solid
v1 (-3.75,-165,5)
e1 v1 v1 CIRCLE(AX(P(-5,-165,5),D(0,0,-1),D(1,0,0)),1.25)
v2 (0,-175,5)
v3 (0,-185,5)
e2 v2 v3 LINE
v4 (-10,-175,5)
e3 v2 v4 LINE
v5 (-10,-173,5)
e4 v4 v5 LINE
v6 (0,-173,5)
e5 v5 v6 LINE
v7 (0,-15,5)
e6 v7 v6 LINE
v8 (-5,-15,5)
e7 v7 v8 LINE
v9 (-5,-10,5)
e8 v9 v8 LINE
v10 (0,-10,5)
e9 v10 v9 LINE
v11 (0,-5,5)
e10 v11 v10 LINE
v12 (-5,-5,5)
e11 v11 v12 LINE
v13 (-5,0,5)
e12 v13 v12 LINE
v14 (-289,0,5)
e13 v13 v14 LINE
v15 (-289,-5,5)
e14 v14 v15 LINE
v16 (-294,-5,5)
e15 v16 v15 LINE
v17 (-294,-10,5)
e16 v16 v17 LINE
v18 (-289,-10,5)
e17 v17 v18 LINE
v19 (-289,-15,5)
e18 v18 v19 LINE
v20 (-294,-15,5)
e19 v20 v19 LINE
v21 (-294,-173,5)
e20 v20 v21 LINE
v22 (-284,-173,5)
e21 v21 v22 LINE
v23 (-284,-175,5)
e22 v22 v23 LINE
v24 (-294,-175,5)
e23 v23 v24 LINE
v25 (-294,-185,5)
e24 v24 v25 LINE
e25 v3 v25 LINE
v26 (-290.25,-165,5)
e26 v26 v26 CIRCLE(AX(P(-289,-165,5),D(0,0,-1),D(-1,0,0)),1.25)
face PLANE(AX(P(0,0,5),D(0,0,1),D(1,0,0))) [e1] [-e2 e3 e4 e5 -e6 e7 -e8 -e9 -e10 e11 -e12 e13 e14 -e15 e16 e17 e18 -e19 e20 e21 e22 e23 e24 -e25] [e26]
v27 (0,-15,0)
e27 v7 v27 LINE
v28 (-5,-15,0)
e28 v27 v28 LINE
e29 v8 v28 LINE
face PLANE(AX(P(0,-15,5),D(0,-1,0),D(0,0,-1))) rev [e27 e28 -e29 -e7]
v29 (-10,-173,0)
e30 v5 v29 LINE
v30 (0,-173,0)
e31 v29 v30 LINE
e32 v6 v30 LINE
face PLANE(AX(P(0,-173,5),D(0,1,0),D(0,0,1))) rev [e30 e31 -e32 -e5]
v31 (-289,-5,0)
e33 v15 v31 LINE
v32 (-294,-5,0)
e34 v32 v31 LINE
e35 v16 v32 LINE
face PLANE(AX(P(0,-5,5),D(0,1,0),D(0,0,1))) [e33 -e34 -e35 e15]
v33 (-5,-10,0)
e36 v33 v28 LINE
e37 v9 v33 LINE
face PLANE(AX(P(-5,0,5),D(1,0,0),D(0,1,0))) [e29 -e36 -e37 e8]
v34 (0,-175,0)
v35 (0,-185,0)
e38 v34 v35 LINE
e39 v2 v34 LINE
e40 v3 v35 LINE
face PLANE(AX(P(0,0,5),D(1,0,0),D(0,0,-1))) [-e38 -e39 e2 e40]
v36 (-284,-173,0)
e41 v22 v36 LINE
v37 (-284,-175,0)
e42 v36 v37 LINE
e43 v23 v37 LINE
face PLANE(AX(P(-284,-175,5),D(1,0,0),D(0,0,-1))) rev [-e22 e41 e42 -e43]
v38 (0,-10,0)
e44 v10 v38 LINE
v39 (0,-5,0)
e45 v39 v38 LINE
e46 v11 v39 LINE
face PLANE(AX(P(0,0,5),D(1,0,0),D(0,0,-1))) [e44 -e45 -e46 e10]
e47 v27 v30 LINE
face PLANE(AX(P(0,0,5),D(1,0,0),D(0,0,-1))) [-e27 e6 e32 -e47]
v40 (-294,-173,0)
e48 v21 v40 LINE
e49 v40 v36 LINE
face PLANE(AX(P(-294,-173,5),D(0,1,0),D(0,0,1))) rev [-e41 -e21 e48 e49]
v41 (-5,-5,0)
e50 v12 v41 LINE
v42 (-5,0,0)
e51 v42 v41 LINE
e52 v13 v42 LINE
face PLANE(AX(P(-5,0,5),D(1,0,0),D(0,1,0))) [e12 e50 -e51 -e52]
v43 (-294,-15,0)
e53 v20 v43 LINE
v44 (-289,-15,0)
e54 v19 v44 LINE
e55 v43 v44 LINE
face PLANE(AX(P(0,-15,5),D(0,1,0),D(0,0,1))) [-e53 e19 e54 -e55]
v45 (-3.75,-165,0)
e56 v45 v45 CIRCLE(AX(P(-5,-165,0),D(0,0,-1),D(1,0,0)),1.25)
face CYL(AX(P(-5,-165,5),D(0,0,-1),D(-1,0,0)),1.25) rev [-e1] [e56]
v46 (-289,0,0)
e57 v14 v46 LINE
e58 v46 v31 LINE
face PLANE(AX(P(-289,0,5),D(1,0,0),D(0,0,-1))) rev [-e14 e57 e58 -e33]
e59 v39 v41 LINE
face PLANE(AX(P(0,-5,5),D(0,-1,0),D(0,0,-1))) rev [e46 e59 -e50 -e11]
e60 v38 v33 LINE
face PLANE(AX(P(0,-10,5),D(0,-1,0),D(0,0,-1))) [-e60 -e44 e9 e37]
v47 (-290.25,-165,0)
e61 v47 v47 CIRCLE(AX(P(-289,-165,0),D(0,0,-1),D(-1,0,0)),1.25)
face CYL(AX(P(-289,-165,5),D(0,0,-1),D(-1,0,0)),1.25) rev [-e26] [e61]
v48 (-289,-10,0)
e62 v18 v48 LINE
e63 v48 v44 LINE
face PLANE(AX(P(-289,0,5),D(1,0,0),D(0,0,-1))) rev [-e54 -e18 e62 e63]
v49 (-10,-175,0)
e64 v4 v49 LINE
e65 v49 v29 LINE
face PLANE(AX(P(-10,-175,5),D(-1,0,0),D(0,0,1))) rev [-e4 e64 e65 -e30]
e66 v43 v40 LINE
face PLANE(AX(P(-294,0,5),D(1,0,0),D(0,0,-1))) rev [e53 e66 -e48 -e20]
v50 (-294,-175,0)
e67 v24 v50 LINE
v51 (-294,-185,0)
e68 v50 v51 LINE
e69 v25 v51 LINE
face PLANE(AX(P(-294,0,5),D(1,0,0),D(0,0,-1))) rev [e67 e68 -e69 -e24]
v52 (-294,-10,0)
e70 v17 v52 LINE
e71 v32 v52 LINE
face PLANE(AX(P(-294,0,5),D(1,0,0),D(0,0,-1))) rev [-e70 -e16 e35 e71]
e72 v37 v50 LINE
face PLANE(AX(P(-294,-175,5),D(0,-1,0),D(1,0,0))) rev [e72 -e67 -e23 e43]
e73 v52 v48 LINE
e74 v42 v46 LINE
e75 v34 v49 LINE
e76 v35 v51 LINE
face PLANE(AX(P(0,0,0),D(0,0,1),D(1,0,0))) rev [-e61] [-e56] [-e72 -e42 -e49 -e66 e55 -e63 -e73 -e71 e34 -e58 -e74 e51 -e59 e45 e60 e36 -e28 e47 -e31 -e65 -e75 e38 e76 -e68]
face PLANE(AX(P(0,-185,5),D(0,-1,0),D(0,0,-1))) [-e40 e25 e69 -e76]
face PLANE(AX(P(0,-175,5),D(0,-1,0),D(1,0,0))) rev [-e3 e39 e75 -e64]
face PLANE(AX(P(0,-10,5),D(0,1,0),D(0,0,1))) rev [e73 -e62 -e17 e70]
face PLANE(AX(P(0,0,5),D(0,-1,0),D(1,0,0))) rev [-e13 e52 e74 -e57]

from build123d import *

# Parameters (mm, degrees)
BOSS_EXTRUDE1_DEPTH = 5
SKETCH2_W           = 10
SKETCH2_H           = 2
CUT_EXTRUDE1_DEPTH  = 5
SKETCH3_R           = 1.25
CUT_EXTRUDE2_DEPTH  = 5


with BuildPart() as part:
    # Sketch1 → Boss-Extrude1 (new body)
    with BuildSketch(Plane.XY):
        Polygon((-5, -5), (-5, 0), (-289, 0), (-289, -5), (-294, -5), (-294, -10), (-289, -10), (-289, -15), (-294, -15), (-294, -185), (0, -185), (0, -15), (-5, -15), (-5, -10), (0, -10), (0, -5), align=None)
    extrude(amount=BOSS_EXTRUDE1_DEPTH)

    # Sketch2 → Cut-Extrude1 (cut)
    with BuildSketch(Plane(origin=(0, 0, 0), x_dir=(-1, 0, 0), z_dir=(0, 0, -1))):
        with Locations((289, -174)):
            Rectangle(SKETCH2_W, SKETCH2_H)
        with Locations((5, -174)):
            Rectangle(SKETCH2_W, SKETCH2_H)
    extrude(amount=-CUT_EXTRUDE1_DEPTH, mode=Mode.SUBTRACT)

    # Sketch3 → Cut-Extrude2 (cut)
    with BuildSketch(Plane(origin=(0, 0, 0), x_dir=(-1, 0, 0), z_dir=(0, 0, -1))):
        with Locations((289, -165)):
            Circle(SKETCH3_R)
        with Locations(Location((5, -165, 0), (0, 0, 180))):
            Circle(SKETCH3_R)
    extrude(amount=-CUT_EXTRUDE2_DEPTH, mode=Mode.SUBTRACT)


solid = part.part
